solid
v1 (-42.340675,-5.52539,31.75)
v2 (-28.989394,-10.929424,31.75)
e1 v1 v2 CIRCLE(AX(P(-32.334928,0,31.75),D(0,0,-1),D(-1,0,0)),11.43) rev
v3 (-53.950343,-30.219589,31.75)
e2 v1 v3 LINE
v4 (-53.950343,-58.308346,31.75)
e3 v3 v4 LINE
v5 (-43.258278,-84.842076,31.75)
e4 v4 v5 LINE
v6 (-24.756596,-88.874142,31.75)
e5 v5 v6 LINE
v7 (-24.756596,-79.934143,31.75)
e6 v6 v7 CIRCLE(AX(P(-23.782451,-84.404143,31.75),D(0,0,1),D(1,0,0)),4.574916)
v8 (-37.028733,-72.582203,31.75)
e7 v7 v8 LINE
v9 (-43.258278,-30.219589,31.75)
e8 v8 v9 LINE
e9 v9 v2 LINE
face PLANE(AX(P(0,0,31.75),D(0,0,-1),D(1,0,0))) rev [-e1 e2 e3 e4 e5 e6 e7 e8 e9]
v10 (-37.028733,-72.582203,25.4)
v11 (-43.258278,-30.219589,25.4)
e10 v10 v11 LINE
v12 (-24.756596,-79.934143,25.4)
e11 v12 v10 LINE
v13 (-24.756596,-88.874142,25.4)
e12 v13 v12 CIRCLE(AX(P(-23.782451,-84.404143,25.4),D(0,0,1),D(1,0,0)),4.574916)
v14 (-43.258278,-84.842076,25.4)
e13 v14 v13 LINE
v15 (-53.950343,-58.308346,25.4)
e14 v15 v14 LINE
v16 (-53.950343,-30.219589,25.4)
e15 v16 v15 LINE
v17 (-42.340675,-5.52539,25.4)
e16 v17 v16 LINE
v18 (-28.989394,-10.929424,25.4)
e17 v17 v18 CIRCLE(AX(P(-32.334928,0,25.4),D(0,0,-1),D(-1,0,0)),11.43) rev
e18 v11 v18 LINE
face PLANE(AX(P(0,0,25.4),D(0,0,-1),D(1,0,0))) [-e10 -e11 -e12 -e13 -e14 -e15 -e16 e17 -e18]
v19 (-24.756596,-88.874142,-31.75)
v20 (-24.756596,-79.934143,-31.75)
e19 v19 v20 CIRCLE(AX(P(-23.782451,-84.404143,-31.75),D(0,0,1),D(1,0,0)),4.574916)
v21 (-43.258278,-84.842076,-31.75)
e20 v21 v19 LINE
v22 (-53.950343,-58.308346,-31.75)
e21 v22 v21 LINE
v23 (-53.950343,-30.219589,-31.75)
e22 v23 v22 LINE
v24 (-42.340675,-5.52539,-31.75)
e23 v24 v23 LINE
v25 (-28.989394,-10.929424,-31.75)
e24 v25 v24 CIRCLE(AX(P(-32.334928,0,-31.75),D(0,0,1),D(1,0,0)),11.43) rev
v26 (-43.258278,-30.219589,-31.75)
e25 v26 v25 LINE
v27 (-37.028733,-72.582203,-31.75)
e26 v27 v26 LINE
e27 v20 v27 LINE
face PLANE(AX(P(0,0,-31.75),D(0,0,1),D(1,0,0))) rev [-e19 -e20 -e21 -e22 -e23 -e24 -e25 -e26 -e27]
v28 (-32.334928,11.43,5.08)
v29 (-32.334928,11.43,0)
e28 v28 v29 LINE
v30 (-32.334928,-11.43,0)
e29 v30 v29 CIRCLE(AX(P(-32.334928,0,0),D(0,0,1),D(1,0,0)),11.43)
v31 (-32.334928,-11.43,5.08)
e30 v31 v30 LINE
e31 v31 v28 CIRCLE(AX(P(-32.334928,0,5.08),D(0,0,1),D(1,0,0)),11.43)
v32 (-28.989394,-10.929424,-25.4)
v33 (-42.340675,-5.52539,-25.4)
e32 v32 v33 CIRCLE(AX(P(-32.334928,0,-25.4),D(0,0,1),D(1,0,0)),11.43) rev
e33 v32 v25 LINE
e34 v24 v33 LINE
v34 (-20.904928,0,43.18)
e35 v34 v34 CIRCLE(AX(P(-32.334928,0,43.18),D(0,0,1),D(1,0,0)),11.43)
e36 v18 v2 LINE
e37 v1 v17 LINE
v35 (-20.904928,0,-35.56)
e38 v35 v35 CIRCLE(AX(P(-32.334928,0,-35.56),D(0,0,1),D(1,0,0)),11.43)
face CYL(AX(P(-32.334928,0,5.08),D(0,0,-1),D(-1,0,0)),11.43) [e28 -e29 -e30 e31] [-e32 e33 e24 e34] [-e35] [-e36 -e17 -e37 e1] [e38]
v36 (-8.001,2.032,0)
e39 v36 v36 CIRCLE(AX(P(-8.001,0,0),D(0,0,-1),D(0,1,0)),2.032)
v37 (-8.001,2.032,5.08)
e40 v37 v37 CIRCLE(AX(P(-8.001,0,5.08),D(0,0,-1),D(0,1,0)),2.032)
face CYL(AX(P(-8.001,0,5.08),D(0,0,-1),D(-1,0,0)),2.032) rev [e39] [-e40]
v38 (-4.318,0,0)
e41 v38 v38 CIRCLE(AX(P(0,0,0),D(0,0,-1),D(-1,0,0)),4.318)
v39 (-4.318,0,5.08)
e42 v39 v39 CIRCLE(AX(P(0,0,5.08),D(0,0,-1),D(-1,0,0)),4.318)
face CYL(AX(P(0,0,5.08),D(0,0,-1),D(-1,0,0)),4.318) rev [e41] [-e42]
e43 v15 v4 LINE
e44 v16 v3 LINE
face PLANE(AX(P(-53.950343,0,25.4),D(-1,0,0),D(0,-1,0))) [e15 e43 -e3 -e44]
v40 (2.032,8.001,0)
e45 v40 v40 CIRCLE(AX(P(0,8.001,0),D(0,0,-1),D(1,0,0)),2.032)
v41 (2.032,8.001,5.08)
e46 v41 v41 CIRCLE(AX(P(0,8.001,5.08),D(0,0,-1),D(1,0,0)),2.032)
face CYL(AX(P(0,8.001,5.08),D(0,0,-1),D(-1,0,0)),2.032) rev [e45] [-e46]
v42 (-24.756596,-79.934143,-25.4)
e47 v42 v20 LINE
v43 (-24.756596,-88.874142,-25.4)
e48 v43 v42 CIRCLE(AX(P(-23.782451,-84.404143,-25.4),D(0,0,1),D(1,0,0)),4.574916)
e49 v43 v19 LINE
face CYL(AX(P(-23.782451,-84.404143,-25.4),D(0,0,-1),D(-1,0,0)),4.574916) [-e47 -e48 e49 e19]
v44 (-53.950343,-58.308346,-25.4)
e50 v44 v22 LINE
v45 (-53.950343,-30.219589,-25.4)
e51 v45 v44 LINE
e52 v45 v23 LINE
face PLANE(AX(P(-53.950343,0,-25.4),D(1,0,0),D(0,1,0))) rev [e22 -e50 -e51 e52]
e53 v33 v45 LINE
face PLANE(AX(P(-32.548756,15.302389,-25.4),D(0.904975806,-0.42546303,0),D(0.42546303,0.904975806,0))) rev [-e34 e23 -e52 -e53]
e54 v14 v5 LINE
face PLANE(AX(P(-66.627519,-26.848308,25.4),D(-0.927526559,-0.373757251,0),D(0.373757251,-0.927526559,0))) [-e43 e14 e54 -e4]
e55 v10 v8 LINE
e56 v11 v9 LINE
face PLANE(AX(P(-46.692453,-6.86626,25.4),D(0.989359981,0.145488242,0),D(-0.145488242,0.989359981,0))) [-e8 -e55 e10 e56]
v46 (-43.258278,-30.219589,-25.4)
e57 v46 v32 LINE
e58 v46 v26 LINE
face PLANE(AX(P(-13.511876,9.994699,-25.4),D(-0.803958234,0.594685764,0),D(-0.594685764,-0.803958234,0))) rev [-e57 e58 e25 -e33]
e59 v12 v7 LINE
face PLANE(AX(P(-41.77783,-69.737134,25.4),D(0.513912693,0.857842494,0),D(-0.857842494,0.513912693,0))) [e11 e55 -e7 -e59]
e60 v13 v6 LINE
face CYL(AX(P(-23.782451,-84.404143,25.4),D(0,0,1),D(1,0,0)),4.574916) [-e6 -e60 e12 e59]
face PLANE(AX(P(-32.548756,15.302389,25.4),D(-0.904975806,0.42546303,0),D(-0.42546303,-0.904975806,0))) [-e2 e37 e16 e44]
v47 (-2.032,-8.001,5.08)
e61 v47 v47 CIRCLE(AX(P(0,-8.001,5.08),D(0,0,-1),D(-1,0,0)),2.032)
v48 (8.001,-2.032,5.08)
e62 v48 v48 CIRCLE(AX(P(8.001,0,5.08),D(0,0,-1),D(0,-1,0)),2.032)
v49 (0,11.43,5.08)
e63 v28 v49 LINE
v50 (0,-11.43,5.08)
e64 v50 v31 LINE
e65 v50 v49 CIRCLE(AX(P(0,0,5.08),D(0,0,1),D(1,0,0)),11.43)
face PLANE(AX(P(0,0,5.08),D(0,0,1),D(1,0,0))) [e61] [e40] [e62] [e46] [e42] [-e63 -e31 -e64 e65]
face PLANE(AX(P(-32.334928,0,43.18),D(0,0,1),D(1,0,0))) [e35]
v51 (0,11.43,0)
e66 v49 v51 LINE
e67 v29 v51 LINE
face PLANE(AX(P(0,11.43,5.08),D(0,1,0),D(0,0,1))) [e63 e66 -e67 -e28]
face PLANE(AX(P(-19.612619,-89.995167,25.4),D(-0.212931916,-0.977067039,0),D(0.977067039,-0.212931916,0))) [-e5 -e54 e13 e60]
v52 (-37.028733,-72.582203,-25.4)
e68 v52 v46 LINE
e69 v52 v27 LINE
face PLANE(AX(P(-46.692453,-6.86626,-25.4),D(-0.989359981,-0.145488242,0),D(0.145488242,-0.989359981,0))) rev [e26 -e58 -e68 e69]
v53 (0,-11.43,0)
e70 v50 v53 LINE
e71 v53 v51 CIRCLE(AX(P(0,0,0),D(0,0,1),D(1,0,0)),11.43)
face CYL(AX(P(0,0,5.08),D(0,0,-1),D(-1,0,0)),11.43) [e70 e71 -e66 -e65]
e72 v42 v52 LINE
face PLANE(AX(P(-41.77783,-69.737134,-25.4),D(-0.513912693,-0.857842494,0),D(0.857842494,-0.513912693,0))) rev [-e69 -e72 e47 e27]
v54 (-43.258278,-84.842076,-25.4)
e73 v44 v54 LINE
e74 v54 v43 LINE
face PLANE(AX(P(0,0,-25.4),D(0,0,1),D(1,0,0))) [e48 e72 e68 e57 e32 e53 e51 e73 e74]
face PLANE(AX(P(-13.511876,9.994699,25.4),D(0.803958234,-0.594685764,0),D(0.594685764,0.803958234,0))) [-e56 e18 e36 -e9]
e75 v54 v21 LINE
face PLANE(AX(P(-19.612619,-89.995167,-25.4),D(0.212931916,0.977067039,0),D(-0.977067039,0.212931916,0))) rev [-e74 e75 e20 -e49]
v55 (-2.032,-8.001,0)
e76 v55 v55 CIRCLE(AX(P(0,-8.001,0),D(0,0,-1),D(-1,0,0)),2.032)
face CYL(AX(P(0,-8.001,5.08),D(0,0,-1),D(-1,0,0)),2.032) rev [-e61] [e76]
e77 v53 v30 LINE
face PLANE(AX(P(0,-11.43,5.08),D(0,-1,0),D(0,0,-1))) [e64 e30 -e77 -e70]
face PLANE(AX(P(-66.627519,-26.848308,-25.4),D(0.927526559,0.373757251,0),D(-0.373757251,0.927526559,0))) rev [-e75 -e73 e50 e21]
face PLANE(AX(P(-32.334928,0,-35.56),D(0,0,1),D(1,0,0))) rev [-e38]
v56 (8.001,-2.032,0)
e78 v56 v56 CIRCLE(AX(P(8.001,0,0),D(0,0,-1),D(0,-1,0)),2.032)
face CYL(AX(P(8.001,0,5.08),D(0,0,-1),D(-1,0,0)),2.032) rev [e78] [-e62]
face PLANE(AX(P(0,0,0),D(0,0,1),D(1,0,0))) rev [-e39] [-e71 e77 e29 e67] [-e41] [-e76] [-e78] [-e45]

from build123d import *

# Parameters (mm, degrees)
SKETCH2_R                = 11.43
BOSS_EXTRUDE1_DEPTH      = 5.08
BOSS_EXTRUDE2_DEPTH      = 5.08
SKETCH4_R                = 4.318
SKETCH4_R_2              = 2.032
CUT_EXTRUDE1_DEPTH       = 5.08
CIRPATTERN1_COUNT        = 4
BOSS_EXTRUDE3_DEPTH      = 38.1
BOSS_EXTRUDE3_DEPTH_BACK = 40.64
SKETCH9_R                = 11.43
BOSS_EXTRUDE4_DEPTH      = 6.35


with BuildPart() as part:
    # Sketch2 → Boss-Extrude1 (new body)
    with BuildSketch(Plane.XY):
        Circle(SKETCH2_R)
    extrude(amount=BOSS_EXTRUDE1_DEPTH)

    # Sketch7 → Boss-Extrude2 (add)
    with BuildSketch(Plane(origin=(0, 0, 0), x_dir=(-1, 0, 0), z_dir=(0, 0, -1))):
        with BuildLine():
            Line((0, 11.43), (32.334928423, 11.43))
            ThreePointArc((32.334928423, 11.43), (43.764928423, 0), (32.334928423, -11.43))
            Line((32.334928423, -11.43), (0, -11.43))
            Line((0, -11.43), (0, 11.43))
        make_face()
    extrude(amount=-BOSS_EXTRUDE2_DEPTH)

    # Sketch4 → Cut-Extrude1 (cut)
    with BuildSketch(Plane(origin=(0, 0, 0), x_dir=(-1, 0, 0), z_dir=(0, 0, -1))):
        Circle(SKETCH4_R)
        with Locations((0, -8.001)):
            Circle(SKETCH4_R_2)
    cut_extrude1 = extrude(amount=-CUT_EXTRUDE1_DEPTH, mode=Mode.SUBTRACT)

    # CirPattern1: Cut-Extrude1 ×4 about axis
    cirpattern1_axis = Axis((0, 0, 0), (0, 0, 1))
    for i in range(1, CIRPATTERN1_COUNT):
        add(cut_extrude1.rotate(cirpattern1_axis, i * 360 / CIRPATTERN1_COUNT), mode=Mode.SUBTRACT)

    # Sketch9 → Boss-Extrude3 (add, two sides: drawn at the far end of the back side and taken through both)
    with BuildSketch(Plane.XY.offset(5.08).offset(-BOSS_EXTRUDE3_DEPTH_BACK)):
        with Locations((-32.334928423, 0)):
            Circle(SKETCH9_R)
    extrude(amount=BOSS_EXTRUDE3_DEPTH + BOSS_EXTRUDE3_DEPTH_BACK)

    # Sketch10 → Boss-Extrude4 (add)
    with BuildSketch(Plane.XY.offset(-31.75)):
        with BuildLine():
            Line((-37.028733454, -72.582202646), (-43.258278065, -30.219589225))
            Line((-43.258278065, -30.219589225), (-20.904928423, 0))
            Line((-20.904928423, 0), (-32.171436877, 0.015474968))
            Line((-32.171436877, 0.015474968), (-39.730825163, 0.025858069))
            Line((-39.730825163, 0.025858069), (-53.950343023, -30.219589225))
            Line((-53.950343023, -30.219589225), (-53.950343023, -58.308345581))
            Line((-53.950343023, -58.308345581), (-43.258278065, -84.842076202))
            Line((-43.258278065, -84.842076202), (-24.756596451, -88.874141931))
            ThreePointArc((-24.756596451, -88.874141931), (-19.207535115, -84.404142538), (-24.756596451, -79.934143145))
            Line((-24.756596451, -79.934143145), (-37.028733454, -72.582202646))
        make_face()
    boss_extrude4 = extrude(amount=BOSS_EXTRUDE4_DEPTH)

    # Mirror1: Boss-Extrude4 across plane
    add(boss_extrude4.mirror(Plane.XY))


solid = part.part
